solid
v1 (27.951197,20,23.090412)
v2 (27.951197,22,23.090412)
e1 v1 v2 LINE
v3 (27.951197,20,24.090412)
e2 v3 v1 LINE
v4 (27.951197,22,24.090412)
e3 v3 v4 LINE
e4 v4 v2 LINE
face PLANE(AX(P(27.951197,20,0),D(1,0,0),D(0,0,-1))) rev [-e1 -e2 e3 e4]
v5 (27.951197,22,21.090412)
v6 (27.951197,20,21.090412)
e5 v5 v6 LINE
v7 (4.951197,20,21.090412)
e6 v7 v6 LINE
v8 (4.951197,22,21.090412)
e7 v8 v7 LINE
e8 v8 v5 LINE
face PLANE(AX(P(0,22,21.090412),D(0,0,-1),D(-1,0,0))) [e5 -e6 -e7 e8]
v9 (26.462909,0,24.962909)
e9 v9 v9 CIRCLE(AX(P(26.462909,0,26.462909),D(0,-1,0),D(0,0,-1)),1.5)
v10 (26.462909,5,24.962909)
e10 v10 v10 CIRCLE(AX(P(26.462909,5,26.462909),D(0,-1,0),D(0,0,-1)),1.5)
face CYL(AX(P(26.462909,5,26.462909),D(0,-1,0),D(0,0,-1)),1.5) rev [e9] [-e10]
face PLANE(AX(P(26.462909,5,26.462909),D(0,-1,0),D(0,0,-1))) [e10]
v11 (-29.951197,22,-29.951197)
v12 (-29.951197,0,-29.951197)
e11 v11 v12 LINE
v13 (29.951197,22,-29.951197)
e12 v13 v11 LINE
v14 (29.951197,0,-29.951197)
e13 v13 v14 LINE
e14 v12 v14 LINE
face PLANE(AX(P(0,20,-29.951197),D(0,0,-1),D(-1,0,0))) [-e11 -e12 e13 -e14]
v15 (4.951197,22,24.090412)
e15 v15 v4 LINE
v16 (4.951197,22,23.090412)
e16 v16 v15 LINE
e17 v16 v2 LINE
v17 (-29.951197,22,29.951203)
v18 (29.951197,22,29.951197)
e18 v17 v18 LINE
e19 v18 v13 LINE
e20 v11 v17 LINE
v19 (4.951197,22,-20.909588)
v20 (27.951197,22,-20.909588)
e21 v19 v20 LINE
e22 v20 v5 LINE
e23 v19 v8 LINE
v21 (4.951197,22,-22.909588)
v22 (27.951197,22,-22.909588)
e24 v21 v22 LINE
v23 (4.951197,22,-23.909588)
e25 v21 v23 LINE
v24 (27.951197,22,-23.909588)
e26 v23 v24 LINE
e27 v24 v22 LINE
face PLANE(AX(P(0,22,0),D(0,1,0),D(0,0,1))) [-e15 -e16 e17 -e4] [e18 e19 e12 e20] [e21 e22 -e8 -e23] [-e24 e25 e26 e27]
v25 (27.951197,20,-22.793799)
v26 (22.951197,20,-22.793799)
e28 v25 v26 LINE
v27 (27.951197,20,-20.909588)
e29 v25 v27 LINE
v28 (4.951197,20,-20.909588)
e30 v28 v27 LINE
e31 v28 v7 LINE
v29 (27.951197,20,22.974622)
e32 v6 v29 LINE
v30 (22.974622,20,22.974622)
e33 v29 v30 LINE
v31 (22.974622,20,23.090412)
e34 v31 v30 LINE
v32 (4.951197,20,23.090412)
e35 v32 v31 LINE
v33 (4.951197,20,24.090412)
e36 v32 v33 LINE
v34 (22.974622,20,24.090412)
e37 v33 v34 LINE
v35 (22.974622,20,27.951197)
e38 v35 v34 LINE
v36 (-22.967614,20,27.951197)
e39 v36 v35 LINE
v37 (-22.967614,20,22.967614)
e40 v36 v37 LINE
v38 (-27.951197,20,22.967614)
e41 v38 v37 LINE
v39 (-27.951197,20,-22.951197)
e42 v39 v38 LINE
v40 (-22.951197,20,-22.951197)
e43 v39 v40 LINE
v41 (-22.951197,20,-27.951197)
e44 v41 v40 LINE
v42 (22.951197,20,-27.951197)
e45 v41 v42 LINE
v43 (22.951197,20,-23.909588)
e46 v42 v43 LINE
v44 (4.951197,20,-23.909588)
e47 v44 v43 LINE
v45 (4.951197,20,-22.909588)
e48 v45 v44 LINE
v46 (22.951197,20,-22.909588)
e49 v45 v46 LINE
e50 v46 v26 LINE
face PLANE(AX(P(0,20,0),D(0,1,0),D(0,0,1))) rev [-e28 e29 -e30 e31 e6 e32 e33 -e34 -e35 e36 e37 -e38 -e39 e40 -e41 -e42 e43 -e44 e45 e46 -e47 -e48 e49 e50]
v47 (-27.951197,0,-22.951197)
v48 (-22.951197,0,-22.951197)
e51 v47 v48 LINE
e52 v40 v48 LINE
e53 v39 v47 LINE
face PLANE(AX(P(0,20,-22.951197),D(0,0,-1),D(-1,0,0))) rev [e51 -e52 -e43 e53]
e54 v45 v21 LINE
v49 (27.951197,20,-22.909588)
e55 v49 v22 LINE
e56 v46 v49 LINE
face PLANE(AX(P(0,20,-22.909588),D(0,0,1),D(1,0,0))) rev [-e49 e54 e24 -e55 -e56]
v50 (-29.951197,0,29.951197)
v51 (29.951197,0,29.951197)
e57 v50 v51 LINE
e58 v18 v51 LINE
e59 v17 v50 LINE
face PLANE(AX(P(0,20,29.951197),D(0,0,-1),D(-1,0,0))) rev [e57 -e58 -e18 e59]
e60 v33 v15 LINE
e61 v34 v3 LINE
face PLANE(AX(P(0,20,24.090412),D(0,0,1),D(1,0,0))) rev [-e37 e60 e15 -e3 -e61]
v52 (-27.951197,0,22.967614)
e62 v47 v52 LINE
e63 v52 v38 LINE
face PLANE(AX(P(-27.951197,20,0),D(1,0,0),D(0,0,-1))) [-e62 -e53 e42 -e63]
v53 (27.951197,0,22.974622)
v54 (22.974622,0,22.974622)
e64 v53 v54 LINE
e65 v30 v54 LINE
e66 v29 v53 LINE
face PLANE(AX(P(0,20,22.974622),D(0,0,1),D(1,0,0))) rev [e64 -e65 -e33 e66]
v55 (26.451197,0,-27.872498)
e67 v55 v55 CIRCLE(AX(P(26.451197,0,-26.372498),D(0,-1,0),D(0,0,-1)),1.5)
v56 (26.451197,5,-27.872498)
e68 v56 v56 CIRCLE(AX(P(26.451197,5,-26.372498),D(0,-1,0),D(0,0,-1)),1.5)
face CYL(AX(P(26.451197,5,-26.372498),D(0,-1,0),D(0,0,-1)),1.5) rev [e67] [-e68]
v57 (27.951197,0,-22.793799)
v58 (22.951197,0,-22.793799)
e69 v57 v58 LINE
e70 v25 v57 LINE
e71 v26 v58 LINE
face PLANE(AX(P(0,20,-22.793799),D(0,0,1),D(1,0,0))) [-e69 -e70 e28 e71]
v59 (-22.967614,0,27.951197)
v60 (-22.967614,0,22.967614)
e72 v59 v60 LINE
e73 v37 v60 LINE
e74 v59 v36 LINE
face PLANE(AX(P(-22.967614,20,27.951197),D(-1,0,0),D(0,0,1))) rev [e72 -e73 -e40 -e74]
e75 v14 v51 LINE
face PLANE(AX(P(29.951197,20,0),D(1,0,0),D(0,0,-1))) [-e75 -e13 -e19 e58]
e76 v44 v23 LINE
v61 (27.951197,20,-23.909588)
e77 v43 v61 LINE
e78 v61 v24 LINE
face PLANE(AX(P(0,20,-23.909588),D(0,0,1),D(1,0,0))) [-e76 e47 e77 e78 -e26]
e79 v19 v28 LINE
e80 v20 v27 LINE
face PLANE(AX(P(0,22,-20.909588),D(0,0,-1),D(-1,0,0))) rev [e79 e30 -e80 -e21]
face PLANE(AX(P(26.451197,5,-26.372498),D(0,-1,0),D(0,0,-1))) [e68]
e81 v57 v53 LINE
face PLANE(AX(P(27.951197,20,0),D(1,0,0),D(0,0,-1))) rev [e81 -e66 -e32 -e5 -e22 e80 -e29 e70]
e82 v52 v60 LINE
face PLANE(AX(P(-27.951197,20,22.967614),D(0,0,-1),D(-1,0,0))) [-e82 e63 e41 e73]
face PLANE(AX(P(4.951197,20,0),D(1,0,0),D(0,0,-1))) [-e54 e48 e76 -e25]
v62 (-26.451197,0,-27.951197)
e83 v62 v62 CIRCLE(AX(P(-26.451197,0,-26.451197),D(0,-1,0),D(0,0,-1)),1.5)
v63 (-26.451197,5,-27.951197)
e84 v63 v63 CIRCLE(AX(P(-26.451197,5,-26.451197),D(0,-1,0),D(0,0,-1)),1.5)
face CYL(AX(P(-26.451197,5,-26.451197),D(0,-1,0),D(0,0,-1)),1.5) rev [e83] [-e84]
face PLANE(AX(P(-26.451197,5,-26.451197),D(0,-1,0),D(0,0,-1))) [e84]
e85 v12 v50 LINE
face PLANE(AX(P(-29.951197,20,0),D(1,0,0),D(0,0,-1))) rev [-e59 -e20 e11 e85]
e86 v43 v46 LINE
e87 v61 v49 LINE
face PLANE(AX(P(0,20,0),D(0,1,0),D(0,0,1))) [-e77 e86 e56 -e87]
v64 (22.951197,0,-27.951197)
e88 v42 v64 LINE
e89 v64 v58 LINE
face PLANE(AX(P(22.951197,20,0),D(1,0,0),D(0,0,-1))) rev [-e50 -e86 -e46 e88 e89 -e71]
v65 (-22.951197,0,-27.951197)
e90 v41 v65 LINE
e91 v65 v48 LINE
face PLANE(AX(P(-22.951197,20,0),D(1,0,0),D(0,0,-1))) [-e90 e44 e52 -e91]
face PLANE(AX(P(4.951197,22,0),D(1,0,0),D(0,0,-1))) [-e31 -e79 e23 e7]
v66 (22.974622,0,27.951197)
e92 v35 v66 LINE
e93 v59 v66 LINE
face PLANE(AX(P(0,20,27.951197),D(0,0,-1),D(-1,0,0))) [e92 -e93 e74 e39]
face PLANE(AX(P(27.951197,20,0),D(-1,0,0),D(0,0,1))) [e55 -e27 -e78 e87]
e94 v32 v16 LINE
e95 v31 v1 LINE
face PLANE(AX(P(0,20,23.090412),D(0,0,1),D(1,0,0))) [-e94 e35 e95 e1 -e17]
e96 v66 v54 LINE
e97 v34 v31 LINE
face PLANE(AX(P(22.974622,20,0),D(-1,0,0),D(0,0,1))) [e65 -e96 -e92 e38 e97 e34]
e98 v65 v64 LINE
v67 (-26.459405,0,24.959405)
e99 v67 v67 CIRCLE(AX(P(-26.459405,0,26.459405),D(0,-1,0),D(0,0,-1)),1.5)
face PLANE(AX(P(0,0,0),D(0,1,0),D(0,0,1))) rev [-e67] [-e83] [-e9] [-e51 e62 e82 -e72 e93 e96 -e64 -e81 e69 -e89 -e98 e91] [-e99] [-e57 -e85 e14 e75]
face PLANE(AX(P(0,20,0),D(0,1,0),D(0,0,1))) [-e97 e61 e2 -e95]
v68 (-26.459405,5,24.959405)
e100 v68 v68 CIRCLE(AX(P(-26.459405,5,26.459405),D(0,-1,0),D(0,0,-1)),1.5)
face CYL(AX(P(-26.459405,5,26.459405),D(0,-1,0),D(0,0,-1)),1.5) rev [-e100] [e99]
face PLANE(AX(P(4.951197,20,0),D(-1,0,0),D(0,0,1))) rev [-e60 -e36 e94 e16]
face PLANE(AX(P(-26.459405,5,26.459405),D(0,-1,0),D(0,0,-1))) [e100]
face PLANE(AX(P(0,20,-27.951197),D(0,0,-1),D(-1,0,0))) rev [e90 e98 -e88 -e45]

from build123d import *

# Parameters (mm, degrees)
SKETCH1_W            = 59.902393064
SKETCH1_H            = 59.902393064
SKETCH1_W_2          = 55.902393064
SKETCH1_H_2          = 55.902393064
SKETCH1_W_3          = 5
SKETCH1_H_3          = 5
SKETCH1_H_4          = 5.157397932
SKETCH1_W_4          = 4.976574335
SKETCH1_H_5          = 4.976574335
SKETCH1_W_5          = 4.983582997
SKETCH1_H_6          = 4.983582997
BOSS_EXTRUDE1_DEPTH  = 20
BOSS_EXTRUDE2_DEPTH  = 2
SKETCH3_W            = 23
SKETCH3_H            = 1
CUT_EXTRUDE1_DEPTH   = 2
SKETCH4_W            = 29.96
SKETCH4_H            = 59.9024
BOSS_EXTRUDE28_DEPTH = 2
SKETCH5_R            = 1.5
CUT_EXTRUDE2_DEPTH   = 5


with BuildPart() as part:
    # Sketch1 → Boss-Extrude1 (new body)
    with BuildSketch(Plane(origin=(0, 0, 0), x_dir=(1, 0, 0), z_dir=(0, 1, 0))):
        Rectangle(SKETCH1_W, SKETCH1_H)
        Rectangle(SKETCH1_W_2, SKETCH1_H_2, mode=Mode.SUBTRACT)
        with Locations((-25.451196532, 25.451196532)):
            Rectangle(SKETCH1_W_3, SKETCH1_H_3)
        with Locations((25.451196532, 25.372497566)):
            Rectangle(SKETCH1_W_3, SKETCH1_H_4)
        with Locations((25.462909364, -25.462909364)):
            Rectangle(SKETCH1_W_4, SKETCH1_H_5)
        with Locations((-25.459405034, -25.459405034)):
            Rectangle(SKETCH1_W_5, SKETCH1_H_6)
    extrude(amount=BOSS_EXTRUDE1_DEPTH)

    # Sketch2 → Boss-Extrude2 (add)
    with BuildSketch(Plane(origin=(0, 20, 0), x_dir=(1, 0, 0), z_dir=(0, 1, 0))):
        Polygon((4.951196532, -21.090411798), (4.951196532, -0.090411798), (4.951196532, 20.909588202), (4.951196532, 27.951196532), (0, 27.951196532), (0.003504331, -27.951196532), (4.951196532, -27.951196532), align=None)
        Polygon((29.951196532, -21.090411798), (27.951196532, -21.090411798), (27.951196532, -22.974622197), (22.974622197, -22.974622197), (22.974622197, -27.951196532), (4.951196532, -27.951196532), (0.003504331, -27.951196532), (0, -29.951196532), (29.951196532, -29.951196532), align=None)
        Polygon((27.951196532, -22.974622197), (27.951196532, -21.090411798), (4.951196532, -21.090411798), (4.951196532, -27.951196532), (22.974622197, -27.951196532), (22.974622197, -22.974622197), align=None)
        Polygon((27.951196532, 20.909588202), (27.951196532, -0.090411798), (27.951196532, -21.090411798), (29.951196532, -21.090411798), (29.951196532, 20.909588202), align=None)
        Polygon((27.951196532, 22.7937986), (27.951196532, 20.909588202), (29.951196532, 20.909588202), (29.951196532, 29.951196532), (0, 29.951196532), (0, 27.951196532), (4.951196532, 27.951196532), (22.951196532, 27.951196532), (22.951196532, 22.7937986), align=None)
        Polygon((4.951196532, 20.909588202), (27.951196532, 20.909588202), (27.951196532, 22.7937986), (22.951196532, 22.7937986), (22.951196532, 27.951196532), (4.951196532, 27.951196532), align=None)
    extrude(amount=BOSS_EXTRUDE2_DEPTH)

    # Sketch3 → Cut-Extrude1 (cut)
    with BuildSketch(Plane(origin=(0, 22, 0), x_dir=(1, 0, 0), z_dir=(0, 1, 0))):
        with Locations((16.451196532, -23.590411798)):
            Rectangle(SKETCH3_W, SKETCH3_H)
        with Locations((16.451196532, 23.409588202)):
            Rectangle(SKETCH3_W, SKETCH3_H)
    extrude(amount=-CUT_EXTRUDE1_DEPTH, mode=Mode.SUBTRACT)

    # Sketch4 → Boss-Extrude28 (add)
    with BuildSketch(Plane(origin=(0, 20, 0), x_dir=(1, 0, 0), z_dir=(0, 1, 0))):
        with Locations((-14.971196532, -3.468e-06)):
            Rectangle(SKETCH4_W, SKETCH4_H)
    extrude(amount=BOSS_EXTRUDE28_DEPTH)

    # Sketch5 → Cut-Extrude2 (cut)
    with BuildSketch(Plane.XZ):
        with Locations((-26.459405034, 26.459405034)):
            Circle(SKETCH5_R)
        with Locations((26.462909365, 26.462909365)):
            Circle(SKETCH5_R)
        with Locations((26.451196532, -26.372497566)):
            Circle(SKETCH5_R)
        with Locations((-26.451196532, -26.451196532)):
            Circle(SKETCH5_R)
    extrude(amount=-CUT_EXTRUDE2_DEPTH, mode=Mode.SUBTRACT)


solid = part.part
